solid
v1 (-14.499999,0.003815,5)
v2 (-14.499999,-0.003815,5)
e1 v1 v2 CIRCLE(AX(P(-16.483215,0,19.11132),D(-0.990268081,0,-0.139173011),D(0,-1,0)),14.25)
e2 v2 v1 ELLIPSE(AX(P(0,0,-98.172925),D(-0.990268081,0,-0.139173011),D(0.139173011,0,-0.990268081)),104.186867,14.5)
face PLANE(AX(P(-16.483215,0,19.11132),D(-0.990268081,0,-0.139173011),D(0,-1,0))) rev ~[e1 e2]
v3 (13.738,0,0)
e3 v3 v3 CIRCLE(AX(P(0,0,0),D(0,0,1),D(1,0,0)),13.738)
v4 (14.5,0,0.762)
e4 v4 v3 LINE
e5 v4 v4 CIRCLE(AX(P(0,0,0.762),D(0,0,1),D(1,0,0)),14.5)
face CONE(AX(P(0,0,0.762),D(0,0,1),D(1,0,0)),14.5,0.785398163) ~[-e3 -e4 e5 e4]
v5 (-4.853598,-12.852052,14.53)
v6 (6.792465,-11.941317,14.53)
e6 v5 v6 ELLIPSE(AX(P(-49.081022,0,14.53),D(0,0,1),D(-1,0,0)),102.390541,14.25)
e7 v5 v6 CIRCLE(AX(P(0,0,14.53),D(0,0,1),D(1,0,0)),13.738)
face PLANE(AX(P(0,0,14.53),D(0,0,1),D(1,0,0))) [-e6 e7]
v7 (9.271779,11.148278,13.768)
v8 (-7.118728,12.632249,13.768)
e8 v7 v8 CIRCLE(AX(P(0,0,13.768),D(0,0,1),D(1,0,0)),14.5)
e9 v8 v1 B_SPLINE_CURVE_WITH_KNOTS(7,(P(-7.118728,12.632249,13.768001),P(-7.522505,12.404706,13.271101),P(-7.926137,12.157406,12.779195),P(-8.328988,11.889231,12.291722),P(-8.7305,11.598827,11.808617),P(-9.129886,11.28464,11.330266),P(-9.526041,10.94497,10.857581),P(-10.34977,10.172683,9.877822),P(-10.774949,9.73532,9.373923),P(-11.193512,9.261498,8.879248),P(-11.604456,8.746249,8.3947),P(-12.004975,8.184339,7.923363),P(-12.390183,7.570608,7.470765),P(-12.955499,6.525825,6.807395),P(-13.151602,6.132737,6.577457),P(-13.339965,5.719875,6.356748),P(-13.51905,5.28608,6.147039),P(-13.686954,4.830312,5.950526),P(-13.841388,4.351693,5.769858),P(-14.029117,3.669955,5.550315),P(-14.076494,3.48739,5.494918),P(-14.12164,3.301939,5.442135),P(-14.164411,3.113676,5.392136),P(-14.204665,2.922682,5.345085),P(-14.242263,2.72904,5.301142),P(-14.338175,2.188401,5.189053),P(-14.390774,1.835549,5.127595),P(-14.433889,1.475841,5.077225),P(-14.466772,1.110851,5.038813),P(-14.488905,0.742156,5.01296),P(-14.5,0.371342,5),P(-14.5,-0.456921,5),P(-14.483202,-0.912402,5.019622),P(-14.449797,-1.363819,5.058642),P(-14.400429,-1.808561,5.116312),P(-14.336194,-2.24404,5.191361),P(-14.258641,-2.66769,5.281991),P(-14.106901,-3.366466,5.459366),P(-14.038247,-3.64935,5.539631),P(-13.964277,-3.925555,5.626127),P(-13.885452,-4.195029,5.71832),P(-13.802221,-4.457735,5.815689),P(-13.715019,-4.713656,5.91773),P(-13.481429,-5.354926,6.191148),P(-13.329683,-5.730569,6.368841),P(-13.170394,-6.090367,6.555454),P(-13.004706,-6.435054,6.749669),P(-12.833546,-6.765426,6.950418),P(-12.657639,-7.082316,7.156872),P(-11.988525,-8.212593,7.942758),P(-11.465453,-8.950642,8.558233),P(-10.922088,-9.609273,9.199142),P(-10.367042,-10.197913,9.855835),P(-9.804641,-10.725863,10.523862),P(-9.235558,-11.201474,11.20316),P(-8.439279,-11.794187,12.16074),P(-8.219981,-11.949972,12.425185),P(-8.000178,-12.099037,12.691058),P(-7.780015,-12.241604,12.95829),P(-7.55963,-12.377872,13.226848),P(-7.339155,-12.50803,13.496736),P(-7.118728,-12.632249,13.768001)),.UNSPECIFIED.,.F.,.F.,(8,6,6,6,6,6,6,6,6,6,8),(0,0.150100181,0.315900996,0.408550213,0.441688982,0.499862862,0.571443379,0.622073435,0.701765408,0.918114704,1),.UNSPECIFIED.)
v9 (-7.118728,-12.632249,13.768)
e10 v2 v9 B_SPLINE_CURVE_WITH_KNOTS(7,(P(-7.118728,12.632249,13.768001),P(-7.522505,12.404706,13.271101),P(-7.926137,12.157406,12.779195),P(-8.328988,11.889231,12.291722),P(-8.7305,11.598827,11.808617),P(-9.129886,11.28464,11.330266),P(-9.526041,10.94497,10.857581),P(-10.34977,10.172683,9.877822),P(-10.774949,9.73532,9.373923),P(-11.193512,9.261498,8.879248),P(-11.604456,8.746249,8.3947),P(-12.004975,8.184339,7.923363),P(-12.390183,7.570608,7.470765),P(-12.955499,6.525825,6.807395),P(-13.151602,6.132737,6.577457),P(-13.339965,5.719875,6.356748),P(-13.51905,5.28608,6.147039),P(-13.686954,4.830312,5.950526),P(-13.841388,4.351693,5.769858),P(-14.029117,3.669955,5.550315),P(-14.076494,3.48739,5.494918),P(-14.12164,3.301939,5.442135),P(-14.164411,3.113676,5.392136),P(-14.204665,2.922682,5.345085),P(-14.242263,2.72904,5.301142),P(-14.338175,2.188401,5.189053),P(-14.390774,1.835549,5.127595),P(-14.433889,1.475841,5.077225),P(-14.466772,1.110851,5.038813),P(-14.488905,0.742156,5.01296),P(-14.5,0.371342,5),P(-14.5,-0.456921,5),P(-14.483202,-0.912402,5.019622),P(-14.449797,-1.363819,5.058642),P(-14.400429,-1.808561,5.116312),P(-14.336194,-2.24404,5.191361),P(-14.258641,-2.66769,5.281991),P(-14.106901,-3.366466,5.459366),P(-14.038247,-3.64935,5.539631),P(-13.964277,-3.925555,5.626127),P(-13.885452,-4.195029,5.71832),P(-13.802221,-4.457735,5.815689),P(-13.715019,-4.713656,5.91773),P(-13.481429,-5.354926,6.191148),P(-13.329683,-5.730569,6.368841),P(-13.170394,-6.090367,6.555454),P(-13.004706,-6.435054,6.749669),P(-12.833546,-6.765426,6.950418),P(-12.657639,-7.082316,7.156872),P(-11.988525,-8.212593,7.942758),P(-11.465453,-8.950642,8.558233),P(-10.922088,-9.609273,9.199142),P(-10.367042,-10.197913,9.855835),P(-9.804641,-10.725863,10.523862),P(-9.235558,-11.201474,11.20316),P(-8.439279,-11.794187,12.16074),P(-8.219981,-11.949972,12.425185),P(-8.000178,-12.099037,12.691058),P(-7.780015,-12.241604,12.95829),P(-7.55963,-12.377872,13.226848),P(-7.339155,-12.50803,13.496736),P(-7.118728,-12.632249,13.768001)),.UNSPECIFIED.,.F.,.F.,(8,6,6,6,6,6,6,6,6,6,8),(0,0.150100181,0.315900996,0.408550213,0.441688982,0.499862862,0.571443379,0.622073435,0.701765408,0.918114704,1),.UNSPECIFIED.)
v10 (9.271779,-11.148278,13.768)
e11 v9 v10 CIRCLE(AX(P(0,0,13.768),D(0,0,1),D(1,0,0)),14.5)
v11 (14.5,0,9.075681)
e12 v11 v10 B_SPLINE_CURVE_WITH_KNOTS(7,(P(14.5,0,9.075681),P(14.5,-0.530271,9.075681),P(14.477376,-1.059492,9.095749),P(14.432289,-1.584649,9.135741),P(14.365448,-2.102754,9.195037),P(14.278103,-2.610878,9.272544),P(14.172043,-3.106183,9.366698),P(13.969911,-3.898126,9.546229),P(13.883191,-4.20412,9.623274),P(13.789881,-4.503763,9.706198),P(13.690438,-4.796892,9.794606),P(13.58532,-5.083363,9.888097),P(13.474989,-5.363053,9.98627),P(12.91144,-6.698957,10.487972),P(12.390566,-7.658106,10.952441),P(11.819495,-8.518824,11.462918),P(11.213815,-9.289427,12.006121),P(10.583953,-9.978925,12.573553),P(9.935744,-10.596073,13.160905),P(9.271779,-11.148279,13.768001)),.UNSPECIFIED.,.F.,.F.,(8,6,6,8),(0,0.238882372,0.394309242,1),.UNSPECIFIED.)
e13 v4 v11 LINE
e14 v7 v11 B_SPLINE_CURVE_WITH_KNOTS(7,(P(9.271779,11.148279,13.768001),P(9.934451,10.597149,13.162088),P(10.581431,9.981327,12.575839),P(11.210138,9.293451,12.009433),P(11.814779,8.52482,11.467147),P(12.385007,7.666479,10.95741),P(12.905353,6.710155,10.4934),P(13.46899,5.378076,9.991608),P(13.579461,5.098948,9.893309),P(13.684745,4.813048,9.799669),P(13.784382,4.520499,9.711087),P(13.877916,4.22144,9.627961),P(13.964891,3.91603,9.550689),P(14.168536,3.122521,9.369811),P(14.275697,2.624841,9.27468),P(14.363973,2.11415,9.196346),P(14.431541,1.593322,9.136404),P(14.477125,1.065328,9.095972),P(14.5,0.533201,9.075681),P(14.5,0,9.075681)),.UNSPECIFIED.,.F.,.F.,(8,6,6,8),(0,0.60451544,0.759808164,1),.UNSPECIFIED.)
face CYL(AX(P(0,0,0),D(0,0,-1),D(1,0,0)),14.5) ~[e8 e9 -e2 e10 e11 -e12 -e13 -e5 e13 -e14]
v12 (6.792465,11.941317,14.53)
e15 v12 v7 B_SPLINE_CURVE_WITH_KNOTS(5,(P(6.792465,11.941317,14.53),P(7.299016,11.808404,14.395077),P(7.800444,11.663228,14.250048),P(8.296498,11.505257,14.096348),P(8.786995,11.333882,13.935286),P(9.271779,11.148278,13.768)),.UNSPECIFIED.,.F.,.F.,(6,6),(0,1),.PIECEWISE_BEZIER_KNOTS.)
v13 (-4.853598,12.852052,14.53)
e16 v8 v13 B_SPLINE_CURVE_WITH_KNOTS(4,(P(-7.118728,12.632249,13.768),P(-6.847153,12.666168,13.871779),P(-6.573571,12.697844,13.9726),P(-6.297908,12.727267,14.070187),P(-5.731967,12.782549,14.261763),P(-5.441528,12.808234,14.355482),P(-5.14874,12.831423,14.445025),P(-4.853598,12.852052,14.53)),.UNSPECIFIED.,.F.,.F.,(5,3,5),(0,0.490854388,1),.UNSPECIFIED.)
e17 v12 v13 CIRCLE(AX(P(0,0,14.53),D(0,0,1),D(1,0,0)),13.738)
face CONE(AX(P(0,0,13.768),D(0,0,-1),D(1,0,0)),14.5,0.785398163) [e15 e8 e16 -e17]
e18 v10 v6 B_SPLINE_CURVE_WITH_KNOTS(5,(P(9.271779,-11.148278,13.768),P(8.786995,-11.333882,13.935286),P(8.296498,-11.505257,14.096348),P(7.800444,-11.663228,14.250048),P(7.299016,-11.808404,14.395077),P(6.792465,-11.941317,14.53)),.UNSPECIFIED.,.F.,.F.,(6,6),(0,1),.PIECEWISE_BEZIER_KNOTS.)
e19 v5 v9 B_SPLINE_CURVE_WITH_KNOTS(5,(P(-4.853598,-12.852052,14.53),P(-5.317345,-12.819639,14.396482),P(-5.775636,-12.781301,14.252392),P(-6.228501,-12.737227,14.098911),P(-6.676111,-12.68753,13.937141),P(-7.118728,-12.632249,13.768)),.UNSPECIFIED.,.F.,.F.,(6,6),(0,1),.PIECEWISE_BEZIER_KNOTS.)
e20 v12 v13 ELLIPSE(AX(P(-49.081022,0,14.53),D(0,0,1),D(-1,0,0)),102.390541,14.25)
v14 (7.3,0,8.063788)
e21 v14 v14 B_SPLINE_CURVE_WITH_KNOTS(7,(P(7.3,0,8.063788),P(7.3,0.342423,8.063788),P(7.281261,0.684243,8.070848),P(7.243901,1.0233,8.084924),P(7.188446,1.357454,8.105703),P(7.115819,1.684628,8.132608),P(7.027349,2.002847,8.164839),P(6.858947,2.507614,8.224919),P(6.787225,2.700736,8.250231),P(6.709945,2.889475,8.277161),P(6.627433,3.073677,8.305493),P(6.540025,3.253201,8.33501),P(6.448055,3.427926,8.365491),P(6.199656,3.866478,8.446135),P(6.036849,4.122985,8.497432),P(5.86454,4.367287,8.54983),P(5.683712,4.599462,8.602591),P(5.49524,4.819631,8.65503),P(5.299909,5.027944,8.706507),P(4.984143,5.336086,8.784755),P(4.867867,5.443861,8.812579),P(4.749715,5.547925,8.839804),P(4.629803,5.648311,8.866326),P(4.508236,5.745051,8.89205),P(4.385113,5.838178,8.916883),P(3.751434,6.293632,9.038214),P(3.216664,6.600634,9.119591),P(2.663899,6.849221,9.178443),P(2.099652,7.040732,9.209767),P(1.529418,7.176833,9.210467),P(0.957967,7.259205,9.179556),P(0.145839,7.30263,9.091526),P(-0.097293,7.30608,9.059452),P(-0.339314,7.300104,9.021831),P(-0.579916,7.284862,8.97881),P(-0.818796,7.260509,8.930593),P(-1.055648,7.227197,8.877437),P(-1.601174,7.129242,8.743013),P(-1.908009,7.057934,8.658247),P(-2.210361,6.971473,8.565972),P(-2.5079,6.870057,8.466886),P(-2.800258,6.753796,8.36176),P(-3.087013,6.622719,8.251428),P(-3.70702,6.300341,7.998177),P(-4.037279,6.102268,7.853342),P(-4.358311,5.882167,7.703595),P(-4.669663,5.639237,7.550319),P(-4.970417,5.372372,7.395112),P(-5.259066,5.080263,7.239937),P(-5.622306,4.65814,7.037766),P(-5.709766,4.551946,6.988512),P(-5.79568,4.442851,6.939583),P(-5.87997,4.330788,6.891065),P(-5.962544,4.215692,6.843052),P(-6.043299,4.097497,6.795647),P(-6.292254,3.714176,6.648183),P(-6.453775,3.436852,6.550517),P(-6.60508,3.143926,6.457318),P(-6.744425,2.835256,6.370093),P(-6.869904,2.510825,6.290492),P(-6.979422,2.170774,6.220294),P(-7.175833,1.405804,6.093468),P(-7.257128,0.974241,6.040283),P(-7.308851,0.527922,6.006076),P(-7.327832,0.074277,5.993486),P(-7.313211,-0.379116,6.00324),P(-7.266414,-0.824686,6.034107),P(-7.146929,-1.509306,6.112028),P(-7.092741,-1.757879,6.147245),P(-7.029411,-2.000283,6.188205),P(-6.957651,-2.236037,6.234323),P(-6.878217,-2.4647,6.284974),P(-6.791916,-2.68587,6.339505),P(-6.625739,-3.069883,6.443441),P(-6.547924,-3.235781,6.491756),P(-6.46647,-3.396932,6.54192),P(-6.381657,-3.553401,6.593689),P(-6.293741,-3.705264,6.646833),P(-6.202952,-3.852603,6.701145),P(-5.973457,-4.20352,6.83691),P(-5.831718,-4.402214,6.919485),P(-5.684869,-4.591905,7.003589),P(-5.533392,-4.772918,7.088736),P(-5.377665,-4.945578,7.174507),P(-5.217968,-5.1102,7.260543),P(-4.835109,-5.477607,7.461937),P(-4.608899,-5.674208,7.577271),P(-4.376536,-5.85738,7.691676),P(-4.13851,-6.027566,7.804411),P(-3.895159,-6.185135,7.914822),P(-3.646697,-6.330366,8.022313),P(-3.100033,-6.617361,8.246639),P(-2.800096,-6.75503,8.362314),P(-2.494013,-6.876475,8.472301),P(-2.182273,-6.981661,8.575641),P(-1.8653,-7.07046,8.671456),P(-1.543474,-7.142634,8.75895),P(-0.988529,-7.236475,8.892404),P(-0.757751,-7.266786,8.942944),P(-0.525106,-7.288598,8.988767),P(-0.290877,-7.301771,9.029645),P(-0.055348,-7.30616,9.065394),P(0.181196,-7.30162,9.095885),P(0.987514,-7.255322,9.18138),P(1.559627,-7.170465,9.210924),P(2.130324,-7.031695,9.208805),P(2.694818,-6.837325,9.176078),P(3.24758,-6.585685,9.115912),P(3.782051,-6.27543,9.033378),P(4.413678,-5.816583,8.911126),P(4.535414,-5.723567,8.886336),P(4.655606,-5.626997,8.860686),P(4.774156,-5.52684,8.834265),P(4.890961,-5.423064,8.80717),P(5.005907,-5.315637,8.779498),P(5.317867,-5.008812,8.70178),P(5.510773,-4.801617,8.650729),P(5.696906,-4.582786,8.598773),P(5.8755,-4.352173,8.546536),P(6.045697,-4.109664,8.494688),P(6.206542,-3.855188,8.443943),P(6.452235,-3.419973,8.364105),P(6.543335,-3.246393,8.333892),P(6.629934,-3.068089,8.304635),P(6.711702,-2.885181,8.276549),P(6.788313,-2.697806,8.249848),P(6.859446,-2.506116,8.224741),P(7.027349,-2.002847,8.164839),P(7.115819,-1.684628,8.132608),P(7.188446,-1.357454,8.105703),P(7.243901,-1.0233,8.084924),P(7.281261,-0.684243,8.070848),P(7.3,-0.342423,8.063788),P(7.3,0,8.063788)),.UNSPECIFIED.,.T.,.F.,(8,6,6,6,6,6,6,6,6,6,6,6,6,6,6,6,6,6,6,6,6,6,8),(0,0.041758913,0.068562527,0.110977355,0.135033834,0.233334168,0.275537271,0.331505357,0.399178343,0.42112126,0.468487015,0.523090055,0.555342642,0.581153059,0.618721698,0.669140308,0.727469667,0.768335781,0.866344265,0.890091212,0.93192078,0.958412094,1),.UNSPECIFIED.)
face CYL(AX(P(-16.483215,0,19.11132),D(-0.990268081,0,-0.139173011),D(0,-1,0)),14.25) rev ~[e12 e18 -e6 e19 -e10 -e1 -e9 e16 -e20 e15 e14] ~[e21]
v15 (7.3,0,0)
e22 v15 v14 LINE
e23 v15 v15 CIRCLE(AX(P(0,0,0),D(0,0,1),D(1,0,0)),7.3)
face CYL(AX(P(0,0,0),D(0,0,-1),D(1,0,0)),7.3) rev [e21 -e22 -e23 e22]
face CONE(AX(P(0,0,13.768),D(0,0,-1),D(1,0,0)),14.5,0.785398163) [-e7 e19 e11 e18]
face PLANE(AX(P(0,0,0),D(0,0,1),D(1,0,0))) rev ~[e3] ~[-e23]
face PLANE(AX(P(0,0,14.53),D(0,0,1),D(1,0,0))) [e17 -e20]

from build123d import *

# Parameters (mm, degrees)
F0_R     = 14.5
F0_R_2   = 7.3
F1_DEPTH = 14.53
F4_SIZE  = 0.762
F5_R     = 14.25
F6_DEPTH = 127


with BuildPart() as f1:
    # F0 (on Top) → F1 (new body)
    with BuildSketch(Plane.XY):
        Circle(F0_R)
        Circle(F0_R_2, mode=Mode.SUBTRACT)
    extrude(amount=F1_DEPTH)

    # F4
    f4_edges = [f1.edges().sort_by_distance(p)[0] for p in [
        (-14.5, 0, 14.53),
        (-14.5, 0, 0),
    ]]
    chamfer(f4_edges, length=F4_SIZE)

    # F5 (on face) → F6 (cut)
    with BuildSketch(Plane(origin=(-13.530054, 0, -1.901525), x_dir=(0, -1, 0), z_dir=(-0.990268, 0, -0.139173))):
        with Locations((0, 21.21935)):
            Circle(F5_R)
    extrude(amount=-F6_DEPTH, mode=Mode.SUBTRACT)


solid = f1.part
